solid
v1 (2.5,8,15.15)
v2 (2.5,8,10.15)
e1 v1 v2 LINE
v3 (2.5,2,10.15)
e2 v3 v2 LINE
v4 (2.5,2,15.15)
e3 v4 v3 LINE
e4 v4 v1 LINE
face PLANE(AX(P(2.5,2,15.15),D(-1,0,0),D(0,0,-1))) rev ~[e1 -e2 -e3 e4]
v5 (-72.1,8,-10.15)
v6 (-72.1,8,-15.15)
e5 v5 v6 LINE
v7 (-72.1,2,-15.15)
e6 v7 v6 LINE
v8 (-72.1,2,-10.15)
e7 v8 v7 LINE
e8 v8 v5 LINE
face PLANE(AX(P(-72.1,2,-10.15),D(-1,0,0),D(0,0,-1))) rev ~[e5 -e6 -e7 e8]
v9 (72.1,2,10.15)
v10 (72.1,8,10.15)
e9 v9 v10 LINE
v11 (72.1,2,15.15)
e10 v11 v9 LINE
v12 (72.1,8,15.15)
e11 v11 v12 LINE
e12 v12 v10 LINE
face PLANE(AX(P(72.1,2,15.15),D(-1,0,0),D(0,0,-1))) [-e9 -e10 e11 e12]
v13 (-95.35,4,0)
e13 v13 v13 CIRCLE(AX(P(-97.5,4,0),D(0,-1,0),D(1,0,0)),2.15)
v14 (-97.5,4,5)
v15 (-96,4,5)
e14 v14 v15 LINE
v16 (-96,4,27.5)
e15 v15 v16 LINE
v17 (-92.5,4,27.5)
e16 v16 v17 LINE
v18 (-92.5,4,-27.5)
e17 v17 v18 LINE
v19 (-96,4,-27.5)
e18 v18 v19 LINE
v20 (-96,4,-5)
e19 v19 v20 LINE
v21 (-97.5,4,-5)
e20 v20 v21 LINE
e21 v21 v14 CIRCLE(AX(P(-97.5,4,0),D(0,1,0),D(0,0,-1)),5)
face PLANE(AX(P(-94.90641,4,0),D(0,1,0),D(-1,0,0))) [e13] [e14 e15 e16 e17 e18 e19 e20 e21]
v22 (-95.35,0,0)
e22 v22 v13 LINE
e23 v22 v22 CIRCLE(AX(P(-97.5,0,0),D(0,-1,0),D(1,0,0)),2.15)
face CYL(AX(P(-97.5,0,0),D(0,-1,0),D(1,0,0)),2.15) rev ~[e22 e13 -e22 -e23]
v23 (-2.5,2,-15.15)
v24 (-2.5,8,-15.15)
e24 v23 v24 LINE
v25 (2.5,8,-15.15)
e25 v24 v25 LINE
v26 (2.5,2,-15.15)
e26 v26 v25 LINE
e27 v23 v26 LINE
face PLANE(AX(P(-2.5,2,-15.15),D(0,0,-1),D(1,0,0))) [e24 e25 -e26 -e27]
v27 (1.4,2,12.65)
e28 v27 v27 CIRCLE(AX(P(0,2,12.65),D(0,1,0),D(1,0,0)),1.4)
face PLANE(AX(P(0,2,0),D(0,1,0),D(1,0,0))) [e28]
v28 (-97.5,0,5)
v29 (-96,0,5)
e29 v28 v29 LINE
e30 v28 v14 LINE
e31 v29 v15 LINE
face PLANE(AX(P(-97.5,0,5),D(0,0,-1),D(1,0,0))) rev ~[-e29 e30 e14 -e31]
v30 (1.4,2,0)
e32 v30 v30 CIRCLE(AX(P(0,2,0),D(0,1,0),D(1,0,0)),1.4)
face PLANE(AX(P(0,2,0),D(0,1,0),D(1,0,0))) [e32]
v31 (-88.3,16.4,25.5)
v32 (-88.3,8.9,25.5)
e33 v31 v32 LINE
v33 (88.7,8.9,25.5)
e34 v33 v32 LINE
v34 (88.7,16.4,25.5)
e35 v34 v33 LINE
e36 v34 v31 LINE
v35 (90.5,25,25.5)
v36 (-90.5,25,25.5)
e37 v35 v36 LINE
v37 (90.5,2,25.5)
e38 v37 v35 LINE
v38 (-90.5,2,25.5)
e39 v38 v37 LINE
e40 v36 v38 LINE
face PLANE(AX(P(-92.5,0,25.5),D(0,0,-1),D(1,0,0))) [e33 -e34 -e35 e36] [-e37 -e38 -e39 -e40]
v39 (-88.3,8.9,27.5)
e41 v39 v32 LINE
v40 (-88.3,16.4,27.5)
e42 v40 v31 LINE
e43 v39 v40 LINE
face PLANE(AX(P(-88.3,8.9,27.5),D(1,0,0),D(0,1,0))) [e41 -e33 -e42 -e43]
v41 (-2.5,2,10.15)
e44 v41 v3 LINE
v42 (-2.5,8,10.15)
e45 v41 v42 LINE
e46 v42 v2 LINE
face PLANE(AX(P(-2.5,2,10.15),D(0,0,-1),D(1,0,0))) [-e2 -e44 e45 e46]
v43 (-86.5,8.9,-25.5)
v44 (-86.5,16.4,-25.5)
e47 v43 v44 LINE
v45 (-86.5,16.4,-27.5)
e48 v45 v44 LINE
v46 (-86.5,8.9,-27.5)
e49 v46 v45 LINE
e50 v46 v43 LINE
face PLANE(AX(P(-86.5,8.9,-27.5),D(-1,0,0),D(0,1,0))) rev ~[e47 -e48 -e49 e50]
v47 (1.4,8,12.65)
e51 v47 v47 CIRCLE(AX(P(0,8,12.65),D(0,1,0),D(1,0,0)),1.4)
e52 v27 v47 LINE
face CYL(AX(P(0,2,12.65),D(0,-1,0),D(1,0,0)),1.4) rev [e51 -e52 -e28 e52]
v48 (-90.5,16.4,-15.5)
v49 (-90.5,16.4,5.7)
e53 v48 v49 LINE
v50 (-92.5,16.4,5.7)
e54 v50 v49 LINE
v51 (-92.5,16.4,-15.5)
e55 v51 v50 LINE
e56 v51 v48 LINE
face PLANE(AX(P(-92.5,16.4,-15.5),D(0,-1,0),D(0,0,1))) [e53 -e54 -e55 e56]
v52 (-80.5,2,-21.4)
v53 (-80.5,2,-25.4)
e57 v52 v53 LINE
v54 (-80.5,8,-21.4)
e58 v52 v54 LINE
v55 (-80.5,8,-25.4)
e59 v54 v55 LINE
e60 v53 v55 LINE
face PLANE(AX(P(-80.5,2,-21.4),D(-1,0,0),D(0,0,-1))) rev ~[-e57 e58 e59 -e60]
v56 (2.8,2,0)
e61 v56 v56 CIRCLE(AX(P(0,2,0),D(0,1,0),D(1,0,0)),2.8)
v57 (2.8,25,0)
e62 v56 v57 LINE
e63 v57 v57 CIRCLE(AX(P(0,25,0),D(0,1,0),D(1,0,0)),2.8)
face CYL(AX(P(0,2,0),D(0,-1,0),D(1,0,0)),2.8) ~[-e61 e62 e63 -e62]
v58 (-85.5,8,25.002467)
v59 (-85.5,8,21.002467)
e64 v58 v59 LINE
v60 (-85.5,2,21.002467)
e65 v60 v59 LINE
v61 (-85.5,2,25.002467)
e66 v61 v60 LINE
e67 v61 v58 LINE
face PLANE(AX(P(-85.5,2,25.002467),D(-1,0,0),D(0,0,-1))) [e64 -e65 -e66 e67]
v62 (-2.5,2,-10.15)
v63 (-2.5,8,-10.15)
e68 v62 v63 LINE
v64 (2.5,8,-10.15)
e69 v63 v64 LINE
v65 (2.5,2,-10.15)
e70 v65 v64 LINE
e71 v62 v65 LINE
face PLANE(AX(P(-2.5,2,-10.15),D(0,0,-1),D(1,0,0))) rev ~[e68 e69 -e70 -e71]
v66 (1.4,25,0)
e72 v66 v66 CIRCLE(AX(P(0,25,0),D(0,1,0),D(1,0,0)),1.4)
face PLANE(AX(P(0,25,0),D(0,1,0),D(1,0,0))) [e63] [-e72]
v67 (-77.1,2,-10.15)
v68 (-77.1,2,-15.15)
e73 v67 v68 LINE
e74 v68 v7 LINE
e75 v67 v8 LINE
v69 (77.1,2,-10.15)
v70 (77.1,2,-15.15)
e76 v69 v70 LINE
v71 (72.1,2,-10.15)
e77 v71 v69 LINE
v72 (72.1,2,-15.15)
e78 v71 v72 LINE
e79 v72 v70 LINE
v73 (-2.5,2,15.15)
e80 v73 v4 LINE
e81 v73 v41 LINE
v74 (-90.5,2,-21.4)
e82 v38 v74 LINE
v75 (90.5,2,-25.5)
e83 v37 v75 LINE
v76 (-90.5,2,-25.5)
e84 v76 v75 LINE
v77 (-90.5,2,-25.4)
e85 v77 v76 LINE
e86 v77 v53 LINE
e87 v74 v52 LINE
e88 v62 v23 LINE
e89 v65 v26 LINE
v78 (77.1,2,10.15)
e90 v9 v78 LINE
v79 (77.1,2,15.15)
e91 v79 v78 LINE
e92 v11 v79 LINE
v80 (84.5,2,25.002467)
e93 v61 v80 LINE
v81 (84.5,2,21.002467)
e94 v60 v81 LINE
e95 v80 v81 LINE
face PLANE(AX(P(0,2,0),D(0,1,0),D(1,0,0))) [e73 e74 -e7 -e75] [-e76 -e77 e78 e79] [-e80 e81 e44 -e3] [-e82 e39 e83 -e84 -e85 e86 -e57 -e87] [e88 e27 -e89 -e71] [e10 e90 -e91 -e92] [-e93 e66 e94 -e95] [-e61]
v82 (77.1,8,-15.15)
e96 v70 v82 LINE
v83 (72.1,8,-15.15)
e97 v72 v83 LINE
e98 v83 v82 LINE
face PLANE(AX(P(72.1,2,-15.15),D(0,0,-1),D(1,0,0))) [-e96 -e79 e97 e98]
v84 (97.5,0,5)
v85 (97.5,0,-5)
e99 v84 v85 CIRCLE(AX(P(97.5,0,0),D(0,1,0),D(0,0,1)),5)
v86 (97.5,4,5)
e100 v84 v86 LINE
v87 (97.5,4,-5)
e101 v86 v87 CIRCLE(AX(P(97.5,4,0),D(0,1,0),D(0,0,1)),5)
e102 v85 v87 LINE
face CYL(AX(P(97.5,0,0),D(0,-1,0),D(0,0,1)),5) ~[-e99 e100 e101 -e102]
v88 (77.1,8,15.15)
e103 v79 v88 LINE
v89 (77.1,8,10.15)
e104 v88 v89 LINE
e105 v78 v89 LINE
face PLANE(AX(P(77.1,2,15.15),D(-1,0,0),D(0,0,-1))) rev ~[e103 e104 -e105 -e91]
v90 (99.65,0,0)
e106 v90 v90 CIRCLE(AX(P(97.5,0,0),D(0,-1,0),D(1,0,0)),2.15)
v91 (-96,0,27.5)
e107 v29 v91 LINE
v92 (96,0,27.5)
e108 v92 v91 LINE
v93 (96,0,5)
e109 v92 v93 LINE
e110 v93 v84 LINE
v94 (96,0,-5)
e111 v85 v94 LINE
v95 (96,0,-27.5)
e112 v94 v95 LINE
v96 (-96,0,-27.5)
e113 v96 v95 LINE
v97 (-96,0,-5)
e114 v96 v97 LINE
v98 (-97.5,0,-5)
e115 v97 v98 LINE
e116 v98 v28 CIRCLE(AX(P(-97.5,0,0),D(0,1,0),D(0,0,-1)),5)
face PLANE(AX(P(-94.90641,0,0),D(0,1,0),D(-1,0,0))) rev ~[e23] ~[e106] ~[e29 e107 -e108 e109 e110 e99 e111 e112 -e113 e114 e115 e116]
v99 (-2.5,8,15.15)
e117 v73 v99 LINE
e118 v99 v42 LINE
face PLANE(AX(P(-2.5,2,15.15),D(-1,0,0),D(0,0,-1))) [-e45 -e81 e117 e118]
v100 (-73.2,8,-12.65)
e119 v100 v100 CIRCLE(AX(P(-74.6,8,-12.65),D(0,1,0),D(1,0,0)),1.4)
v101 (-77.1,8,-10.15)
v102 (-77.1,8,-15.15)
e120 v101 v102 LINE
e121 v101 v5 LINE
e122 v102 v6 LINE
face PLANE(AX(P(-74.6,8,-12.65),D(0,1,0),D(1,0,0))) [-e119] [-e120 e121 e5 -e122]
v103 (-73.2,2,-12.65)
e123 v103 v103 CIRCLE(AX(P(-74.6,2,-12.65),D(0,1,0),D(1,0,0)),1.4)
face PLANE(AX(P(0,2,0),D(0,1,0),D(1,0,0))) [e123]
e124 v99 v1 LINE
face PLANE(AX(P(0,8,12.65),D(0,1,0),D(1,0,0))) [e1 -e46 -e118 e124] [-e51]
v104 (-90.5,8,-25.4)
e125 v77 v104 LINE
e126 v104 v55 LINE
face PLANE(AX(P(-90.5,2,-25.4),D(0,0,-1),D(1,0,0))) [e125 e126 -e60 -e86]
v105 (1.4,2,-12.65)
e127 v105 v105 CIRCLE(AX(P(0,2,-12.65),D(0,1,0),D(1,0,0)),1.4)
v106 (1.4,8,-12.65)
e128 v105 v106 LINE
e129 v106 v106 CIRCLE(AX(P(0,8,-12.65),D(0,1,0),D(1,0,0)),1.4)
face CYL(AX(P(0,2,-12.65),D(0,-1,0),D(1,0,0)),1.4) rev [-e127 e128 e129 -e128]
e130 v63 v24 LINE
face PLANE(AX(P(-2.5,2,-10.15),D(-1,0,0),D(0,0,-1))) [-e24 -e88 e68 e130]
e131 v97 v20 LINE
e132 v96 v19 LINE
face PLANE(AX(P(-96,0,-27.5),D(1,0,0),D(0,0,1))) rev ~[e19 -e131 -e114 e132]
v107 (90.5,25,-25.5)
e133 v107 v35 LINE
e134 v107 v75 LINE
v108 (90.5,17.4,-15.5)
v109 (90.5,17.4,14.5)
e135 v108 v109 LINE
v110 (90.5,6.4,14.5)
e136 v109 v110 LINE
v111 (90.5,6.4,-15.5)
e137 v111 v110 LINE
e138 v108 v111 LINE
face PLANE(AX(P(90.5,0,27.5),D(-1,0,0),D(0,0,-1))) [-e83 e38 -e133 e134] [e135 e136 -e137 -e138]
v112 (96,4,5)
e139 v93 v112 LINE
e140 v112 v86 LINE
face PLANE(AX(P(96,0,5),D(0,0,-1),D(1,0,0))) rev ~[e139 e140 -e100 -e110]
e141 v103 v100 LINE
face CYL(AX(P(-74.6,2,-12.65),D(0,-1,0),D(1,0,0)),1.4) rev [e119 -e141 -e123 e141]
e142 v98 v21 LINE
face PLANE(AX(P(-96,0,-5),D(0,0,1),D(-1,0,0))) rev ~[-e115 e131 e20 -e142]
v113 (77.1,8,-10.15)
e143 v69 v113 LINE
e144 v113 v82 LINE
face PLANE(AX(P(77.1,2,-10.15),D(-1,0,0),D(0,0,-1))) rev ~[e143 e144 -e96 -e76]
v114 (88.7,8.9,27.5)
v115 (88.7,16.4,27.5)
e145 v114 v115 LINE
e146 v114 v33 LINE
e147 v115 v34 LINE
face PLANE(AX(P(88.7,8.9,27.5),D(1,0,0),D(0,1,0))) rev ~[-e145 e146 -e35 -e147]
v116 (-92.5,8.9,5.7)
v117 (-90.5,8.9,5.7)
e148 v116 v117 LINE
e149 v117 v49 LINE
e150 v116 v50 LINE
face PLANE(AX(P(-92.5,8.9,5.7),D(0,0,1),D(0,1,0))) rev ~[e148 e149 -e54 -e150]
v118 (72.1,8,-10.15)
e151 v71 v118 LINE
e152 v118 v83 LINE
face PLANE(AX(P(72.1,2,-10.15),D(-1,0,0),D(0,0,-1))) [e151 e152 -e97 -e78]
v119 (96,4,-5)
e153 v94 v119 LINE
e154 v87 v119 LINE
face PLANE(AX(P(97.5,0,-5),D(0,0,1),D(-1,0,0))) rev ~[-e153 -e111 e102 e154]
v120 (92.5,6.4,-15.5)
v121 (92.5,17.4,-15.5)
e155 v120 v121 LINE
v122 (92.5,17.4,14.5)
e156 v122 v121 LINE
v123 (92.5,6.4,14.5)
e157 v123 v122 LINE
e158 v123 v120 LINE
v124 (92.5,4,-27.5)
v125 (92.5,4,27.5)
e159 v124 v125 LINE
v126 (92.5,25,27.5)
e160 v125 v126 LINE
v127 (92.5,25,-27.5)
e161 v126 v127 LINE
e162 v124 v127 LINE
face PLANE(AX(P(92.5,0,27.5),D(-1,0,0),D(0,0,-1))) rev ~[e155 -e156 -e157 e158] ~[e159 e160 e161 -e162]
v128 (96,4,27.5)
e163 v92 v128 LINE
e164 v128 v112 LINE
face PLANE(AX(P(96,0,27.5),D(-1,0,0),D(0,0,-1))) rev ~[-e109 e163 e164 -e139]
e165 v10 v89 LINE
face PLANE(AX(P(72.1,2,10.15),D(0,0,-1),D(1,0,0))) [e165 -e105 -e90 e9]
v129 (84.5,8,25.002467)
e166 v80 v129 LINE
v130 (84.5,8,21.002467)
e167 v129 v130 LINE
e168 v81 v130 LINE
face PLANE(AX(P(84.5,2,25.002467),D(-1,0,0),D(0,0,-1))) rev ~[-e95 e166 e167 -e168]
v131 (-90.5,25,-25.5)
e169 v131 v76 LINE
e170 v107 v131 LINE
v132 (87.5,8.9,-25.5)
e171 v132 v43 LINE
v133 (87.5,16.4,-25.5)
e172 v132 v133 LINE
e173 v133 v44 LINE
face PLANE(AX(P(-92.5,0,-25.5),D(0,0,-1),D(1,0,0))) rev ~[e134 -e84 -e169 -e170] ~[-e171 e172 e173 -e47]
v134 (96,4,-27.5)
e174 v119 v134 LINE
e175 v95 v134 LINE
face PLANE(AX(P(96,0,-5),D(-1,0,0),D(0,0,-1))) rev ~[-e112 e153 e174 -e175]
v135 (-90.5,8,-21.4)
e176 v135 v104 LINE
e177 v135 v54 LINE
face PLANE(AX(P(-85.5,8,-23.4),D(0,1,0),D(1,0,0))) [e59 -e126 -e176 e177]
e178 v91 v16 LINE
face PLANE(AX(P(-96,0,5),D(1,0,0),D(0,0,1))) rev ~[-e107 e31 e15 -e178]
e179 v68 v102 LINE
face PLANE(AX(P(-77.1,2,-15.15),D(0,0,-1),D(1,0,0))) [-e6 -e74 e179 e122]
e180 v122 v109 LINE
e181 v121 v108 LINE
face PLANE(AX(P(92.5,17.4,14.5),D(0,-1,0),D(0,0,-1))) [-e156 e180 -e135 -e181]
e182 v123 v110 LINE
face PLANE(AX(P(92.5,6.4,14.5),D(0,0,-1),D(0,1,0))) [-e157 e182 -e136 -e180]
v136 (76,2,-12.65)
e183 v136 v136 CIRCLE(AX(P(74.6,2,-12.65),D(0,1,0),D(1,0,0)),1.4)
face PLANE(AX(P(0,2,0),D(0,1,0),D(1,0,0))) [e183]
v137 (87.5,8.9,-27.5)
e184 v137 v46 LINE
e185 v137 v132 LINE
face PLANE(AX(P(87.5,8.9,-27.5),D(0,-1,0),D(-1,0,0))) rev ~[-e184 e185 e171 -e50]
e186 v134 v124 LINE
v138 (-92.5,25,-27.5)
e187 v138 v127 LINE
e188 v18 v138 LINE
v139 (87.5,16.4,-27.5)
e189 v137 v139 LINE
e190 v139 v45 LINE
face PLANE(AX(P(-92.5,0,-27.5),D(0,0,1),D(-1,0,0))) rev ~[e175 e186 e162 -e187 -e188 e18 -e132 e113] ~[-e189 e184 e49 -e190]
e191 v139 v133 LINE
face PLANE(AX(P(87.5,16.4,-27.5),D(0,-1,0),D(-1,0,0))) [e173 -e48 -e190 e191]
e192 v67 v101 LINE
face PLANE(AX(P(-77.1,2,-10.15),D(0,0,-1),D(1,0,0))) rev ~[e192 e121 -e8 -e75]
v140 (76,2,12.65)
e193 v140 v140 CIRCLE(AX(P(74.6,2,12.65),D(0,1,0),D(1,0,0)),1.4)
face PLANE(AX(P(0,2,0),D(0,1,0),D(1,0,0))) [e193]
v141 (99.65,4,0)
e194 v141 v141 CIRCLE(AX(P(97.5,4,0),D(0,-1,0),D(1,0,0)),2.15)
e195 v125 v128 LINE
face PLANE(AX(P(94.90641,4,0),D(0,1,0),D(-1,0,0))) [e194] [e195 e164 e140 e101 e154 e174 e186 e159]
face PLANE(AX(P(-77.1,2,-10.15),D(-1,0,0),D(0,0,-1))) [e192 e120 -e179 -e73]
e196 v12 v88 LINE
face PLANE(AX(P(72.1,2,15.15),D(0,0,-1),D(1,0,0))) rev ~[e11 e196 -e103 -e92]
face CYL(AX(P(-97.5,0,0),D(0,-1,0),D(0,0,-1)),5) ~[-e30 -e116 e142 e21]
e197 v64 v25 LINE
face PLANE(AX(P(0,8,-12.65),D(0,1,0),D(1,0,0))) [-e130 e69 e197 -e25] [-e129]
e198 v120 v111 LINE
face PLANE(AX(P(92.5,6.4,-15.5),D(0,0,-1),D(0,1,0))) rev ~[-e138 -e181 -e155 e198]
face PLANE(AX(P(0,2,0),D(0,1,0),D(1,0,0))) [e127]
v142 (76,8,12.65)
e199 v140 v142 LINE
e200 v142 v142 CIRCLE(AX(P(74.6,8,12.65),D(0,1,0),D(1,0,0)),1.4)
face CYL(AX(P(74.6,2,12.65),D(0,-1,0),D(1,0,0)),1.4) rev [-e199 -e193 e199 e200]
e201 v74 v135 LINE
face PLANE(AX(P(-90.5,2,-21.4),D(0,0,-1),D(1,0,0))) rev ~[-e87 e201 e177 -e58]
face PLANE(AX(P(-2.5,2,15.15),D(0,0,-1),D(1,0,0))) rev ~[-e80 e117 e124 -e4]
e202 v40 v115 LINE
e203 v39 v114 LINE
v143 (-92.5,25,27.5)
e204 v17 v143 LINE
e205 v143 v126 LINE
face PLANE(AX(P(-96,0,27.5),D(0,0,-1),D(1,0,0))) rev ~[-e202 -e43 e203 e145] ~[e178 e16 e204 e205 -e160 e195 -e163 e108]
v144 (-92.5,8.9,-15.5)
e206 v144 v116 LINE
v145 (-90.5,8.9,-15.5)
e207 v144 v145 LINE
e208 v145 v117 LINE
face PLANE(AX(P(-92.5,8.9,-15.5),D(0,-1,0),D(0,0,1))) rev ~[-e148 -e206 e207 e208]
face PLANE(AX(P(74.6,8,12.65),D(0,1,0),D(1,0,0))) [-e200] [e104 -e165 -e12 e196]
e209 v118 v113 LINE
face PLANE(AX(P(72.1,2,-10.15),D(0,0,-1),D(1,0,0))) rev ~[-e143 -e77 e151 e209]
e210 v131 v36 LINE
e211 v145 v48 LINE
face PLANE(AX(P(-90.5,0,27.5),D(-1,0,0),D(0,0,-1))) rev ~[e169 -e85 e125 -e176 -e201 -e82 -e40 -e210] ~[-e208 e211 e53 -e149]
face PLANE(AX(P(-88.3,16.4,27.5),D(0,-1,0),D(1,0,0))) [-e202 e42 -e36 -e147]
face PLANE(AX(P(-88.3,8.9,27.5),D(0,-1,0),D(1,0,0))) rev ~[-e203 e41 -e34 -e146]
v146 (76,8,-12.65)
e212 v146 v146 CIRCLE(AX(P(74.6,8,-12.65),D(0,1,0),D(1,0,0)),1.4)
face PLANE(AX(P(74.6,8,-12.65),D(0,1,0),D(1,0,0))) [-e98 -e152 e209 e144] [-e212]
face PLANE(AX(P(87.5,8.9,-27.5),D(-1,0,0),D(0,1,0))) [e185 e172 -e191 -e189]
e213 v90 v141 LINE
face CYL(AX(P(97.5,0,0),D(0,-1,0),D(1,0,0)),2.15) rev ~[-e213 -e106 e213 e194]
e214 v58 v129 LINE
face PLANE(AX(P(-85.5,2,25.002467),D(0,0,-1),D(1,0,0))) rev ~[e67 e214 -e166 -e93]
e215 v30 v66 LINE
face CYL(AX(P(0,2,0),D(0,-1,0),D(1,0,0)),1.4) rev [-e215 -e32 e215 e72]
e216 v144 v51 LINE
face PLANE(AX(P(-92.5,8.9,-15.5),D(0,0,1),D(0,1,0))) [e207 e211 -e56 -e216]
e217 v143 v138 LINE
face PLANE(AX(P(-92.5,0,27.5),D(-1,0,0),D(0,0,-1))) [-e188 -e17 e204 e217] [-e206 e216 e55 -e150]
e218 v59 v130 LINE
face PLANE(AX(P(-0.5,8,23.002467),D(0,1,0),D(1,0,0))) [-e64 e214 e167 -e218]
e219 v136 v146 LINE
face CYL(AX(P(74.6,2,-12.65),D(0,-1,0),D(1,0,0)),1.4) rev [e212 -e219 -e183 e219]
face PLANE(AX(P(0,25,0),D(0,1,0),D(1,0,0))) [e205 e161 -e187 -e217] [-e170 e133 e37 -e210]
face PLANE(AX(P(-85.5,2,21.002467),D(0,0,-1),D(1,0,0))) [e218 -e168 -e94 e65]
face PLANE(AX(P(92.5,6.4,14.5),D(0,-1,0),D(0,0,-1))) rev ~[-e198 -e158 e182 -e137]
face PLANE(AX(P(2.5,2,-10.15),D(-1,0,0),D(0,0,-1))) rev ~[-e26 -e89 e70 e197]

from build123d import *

# Parameters (mm, degrees)
SKETCH_1_W           = 185
SKETCH_1_H           = 55
EXTRUDE_1_DEPTH      = 25
SHELL_1_T            = -2
SKETCH_8_R           = 2.15
EXTRUDE_3_DEPTH      = 4
SKETCH_2_W           = 10
SKETCH_2_H           = 4
SKETCH_2_W_2         = 5
SKETCH_2_H_2         = 5
SKETCH_2_R           = 1.4
SKETCH_2_W_3         = 170
EXTRUDE_4_DEPTH      = 6
SKETCH_2_6_R         = 2.8
SKETCH_2_6_R_2       = 1.4
EXTRUDE_6_DEPTH      = 23
SKETCH_9_W           = 30
SKETCH_9_H           = 11
CUT_EXTRUDE_7_DEPTH  = 5
SKETCH_10_W          = 177
SKETCH_10_H          = 7.5
CUT_EXTRUDE_8_DEPTH  = 5
SKETCH_11_W          = 21.2
SKETCH_11_H          = 7.5
CUT_EXTRUDE_9_DEPTH  = 5
SKETCH_12_W          = 174
SKETCH_12_H          = 7.5
CUT_EXTRUDE_10_DEPTH = 5


with BuildPart() as part:
    # 草图1 → 凸台-拉伸1 (new body)
    with BuildSketch(Plane(origin=(0, 0, 0), x_dir=(1, 0, 0), z_dir=(0, 1, 0))):
        Rectangle(SKETCH_1_W, SKETCH_1_H)
    extrude(amount=EXTRUDE_1_DEPTH)

    # 抽壳1
    shell_1_openings = [part.faces().sort_by_distance(p)[0] for p in [
        (0, 25, 0),
    ]]
    offset(amount=SHELL_1_T, openings=shell_1_openings, kind=Kind.INTERSECTION)

    # 草图8 → 凸台-拉伸3 (add)
    # profile 1 of 2: a face of its own
    with BuildSketch(Plane.XZ):
        with BuildLine():
            Line((-97.5, 5), (-96, 5))
            Line((-96, 5), (-96, 27.5))
            Line((-96, 27.5), (-92.5, 27.5))
            Line((-92.5, 27.5), (-92.5, -27.5))
            Line((-92.5, -27.5), (-96, -27.5))
            Line((-96, -27.5), (-96, -5))
            Line((-96, -5), (-97.5, -5))
            ThreePointArc((-97.5, -5), (-102.5, 0), (-97.5, 5))
        make_face()
        with Locations((-97.5, 0)):
            Circle(SKETCH_8_R, mode=Mode.SUBTRACT)
    # profile 2 of 2: a face of its own
    with BuildSketch(Plane.XZ):
        with BuildLine():
            Line((97.5, -5), (96, -5))
            Line((96, -5), (96, -27.5))
            Line((96, -27.5), (92.5, -27.5))
            Line((92.5, -27.5), (92.5, -5))
            Line((92.5, -5), (92.5, 5))
            Line((92.5, 5), (92.5, 27.5))
            Line((92.5, 27.5), (96, 27.5))
            Line((96, 27.5), (96, 5))
            Line((96, 5), (97.5, 5))
            ThreePointArc((97.5, 5), (102.5, 0), (97.5, -5))
        make_face()
        with Locations((97.5, 0)):
            Circle(SKETCH_8_R, mode=Mode.SUBTRACT)
    extrude(amount=-EXTRUDE_3_DEPTH)

    # 草图2 → 凸台-拉伸4 (add)
    # profile 1 of 7: a face of its own
    with BuildSketch(Plane(origin=(0, 2, 0), x_dir=(1, 0, 0), z_dir=(0, 1, 0))):
        with Locations((-85.5, 23.4)):
            Rectangle(SKETCH_2_W, SKETCH_2_H)
    # profile 2 of 7: a face of its own
    with BuildSketch(Plane(origin=(0, 2, 0), x_dir=(1, 0, 0), z_dir=(0, 1, 0))):
        with Locations((-74.6, 12.65)):
            Rectangle(SKETCH_2_W_2, SKETCH_2_H_2)
        with Locations((-74.6, 12.65)):
            Circle(SKETCH_2_R, mode=Mode.SUBTRACT)
    # profile 3 of 7: a face of its own
    with BuildSketch(Plane(origin=(0, 2, 0), x_dir=(1, 0, 0), z_dir=(0, 1, 0))):
        with Locations((74.6, -12.65)):
            Rectangle(SKETCH_2_W_2, SKETCH_2_H_2)
        with Locations((74.6, -12.65)):
            Circle(SKETCH_2_R, mode=Mode.SUBTRACT)
    # profile 4 of 7: a face of its own
    with BuildSketch(Plane(origin=(0, 2, 0), x_dir=(1, 0, 0), z_dir=(0, 1, 0))):
        with Locations((74.6, 12.65)):
            Rectangle(SKETCH_2_W_2, SKETCH_2_H_2)
        with Locations((74.6, 12.65)):
            Circle(SKETCH_2_R, mode=Mode.SUBTRACT)
    # profile 5 of 7: a face of its own
    with BuildSketch(Plane(origin=(0, 2, 0), x_dir=(1, 0, 0), z_dir=(0, 1, 0))):
        with Locations((0, -12.65)):
            Rectangle(SKETCH_2_W_2, SKETCH_2_H_2)
        with Locations((0, -12.65)):
            Circle(SKETCH_2_R, mode=Mode.SUBTRACT)
    # profile 6 of 7: a face of its own
    with BuildSketch(Plane(origin=(0, 2, 0), x_dir=(1, 0, 0), z_dir=(0, 1, 0))):
        with Locations((0, 12.65)):
            Rectangle(SKETCH_2_W_2, SKETCH_2_H_2)
        with Locations((0, 12.65)):
            Circle(SKETCH_2_R, mode=Mode.SUBTRACT)
    # profile 7 of 7: a face of its own
    with BuildSketch(Plane(origin=(0, 2, 0), x_dir=(1, 0, 0), z_dir=(0, 1, 0))):
        with Locations((-0.5, -23.002466961)):
            Rectangle(SKETCH_2_W_3, SKETCH_2_H)
    extrude(amount=EXTRUDE_4_DEPTH)

    # 草图2<6> → 凸台-拉伸6 (add)
    with BuildSketch(Plane(origin=(0, 2, 0), x_dir=(1, 0, 0), z_dir=(0, 1, 0))):
        Circle(SKETCH_2_6_R)
        Circle(SKETCH_2_6_R_2, mode=Mode.SUBTRACT)
    extrude(amount=EXTRUDE_6_DEPTH)

    # 草图9 → 切除-拉伸7 (cut)
    with BuildSketch(Plane(origin=(92.5, 0, 0), x_dir=(0, 0, -1), z_dir=(1, 0, 0))):
        with Locations((0.5, 11.9)):
            Rectangle(SKETCH_9_W, SKETCH_9_H)
    extrude(amount=-CUT_EXTRUDE_7_DEPTH, mode=Mode.SUBTRACT)

    # 草图10 → 切除-拉伸8 (cut)
    with BuildSketch(Plane.XY.offset(27.5)):
        with Locations((0.2, 12.65)):
            Rectangle(SKETCH_10_W, SKETCH_10_H)
    extrude(amount=-CUT_EXTRUDE_8_DEPTH, mode=Mode.SUBTRACT)

    # 草图11 → 切除-拉伸9 (cut)
    with BuildSketch(Plane.ZY.offset(92.5)):
        with Locations((-4.9, 12.65)):
            Rectangle(SKETCH_11_W, SKETCH_11_H)
    extrude(amount=-CUT_EXTRUDE_9_DEPTH, mode=Mode.SUBTRACT)

    # 草图12 → 切除-拉伸10 (cut)
    with BuildSketch(Plane(origin=(0, 0, -27.5), x_dir=(-1, 0, 0), z_dir=(0, 0, -1))):
        with Locations((-0.5, 12.65)):
            Rectangle(SKETCH_12_W, SKETCH_12_H)
    extrude(amount=-CUT_EXTRUDE_10_DEPTH, mode=Mode.SUBTRACT)


solid = part.part
